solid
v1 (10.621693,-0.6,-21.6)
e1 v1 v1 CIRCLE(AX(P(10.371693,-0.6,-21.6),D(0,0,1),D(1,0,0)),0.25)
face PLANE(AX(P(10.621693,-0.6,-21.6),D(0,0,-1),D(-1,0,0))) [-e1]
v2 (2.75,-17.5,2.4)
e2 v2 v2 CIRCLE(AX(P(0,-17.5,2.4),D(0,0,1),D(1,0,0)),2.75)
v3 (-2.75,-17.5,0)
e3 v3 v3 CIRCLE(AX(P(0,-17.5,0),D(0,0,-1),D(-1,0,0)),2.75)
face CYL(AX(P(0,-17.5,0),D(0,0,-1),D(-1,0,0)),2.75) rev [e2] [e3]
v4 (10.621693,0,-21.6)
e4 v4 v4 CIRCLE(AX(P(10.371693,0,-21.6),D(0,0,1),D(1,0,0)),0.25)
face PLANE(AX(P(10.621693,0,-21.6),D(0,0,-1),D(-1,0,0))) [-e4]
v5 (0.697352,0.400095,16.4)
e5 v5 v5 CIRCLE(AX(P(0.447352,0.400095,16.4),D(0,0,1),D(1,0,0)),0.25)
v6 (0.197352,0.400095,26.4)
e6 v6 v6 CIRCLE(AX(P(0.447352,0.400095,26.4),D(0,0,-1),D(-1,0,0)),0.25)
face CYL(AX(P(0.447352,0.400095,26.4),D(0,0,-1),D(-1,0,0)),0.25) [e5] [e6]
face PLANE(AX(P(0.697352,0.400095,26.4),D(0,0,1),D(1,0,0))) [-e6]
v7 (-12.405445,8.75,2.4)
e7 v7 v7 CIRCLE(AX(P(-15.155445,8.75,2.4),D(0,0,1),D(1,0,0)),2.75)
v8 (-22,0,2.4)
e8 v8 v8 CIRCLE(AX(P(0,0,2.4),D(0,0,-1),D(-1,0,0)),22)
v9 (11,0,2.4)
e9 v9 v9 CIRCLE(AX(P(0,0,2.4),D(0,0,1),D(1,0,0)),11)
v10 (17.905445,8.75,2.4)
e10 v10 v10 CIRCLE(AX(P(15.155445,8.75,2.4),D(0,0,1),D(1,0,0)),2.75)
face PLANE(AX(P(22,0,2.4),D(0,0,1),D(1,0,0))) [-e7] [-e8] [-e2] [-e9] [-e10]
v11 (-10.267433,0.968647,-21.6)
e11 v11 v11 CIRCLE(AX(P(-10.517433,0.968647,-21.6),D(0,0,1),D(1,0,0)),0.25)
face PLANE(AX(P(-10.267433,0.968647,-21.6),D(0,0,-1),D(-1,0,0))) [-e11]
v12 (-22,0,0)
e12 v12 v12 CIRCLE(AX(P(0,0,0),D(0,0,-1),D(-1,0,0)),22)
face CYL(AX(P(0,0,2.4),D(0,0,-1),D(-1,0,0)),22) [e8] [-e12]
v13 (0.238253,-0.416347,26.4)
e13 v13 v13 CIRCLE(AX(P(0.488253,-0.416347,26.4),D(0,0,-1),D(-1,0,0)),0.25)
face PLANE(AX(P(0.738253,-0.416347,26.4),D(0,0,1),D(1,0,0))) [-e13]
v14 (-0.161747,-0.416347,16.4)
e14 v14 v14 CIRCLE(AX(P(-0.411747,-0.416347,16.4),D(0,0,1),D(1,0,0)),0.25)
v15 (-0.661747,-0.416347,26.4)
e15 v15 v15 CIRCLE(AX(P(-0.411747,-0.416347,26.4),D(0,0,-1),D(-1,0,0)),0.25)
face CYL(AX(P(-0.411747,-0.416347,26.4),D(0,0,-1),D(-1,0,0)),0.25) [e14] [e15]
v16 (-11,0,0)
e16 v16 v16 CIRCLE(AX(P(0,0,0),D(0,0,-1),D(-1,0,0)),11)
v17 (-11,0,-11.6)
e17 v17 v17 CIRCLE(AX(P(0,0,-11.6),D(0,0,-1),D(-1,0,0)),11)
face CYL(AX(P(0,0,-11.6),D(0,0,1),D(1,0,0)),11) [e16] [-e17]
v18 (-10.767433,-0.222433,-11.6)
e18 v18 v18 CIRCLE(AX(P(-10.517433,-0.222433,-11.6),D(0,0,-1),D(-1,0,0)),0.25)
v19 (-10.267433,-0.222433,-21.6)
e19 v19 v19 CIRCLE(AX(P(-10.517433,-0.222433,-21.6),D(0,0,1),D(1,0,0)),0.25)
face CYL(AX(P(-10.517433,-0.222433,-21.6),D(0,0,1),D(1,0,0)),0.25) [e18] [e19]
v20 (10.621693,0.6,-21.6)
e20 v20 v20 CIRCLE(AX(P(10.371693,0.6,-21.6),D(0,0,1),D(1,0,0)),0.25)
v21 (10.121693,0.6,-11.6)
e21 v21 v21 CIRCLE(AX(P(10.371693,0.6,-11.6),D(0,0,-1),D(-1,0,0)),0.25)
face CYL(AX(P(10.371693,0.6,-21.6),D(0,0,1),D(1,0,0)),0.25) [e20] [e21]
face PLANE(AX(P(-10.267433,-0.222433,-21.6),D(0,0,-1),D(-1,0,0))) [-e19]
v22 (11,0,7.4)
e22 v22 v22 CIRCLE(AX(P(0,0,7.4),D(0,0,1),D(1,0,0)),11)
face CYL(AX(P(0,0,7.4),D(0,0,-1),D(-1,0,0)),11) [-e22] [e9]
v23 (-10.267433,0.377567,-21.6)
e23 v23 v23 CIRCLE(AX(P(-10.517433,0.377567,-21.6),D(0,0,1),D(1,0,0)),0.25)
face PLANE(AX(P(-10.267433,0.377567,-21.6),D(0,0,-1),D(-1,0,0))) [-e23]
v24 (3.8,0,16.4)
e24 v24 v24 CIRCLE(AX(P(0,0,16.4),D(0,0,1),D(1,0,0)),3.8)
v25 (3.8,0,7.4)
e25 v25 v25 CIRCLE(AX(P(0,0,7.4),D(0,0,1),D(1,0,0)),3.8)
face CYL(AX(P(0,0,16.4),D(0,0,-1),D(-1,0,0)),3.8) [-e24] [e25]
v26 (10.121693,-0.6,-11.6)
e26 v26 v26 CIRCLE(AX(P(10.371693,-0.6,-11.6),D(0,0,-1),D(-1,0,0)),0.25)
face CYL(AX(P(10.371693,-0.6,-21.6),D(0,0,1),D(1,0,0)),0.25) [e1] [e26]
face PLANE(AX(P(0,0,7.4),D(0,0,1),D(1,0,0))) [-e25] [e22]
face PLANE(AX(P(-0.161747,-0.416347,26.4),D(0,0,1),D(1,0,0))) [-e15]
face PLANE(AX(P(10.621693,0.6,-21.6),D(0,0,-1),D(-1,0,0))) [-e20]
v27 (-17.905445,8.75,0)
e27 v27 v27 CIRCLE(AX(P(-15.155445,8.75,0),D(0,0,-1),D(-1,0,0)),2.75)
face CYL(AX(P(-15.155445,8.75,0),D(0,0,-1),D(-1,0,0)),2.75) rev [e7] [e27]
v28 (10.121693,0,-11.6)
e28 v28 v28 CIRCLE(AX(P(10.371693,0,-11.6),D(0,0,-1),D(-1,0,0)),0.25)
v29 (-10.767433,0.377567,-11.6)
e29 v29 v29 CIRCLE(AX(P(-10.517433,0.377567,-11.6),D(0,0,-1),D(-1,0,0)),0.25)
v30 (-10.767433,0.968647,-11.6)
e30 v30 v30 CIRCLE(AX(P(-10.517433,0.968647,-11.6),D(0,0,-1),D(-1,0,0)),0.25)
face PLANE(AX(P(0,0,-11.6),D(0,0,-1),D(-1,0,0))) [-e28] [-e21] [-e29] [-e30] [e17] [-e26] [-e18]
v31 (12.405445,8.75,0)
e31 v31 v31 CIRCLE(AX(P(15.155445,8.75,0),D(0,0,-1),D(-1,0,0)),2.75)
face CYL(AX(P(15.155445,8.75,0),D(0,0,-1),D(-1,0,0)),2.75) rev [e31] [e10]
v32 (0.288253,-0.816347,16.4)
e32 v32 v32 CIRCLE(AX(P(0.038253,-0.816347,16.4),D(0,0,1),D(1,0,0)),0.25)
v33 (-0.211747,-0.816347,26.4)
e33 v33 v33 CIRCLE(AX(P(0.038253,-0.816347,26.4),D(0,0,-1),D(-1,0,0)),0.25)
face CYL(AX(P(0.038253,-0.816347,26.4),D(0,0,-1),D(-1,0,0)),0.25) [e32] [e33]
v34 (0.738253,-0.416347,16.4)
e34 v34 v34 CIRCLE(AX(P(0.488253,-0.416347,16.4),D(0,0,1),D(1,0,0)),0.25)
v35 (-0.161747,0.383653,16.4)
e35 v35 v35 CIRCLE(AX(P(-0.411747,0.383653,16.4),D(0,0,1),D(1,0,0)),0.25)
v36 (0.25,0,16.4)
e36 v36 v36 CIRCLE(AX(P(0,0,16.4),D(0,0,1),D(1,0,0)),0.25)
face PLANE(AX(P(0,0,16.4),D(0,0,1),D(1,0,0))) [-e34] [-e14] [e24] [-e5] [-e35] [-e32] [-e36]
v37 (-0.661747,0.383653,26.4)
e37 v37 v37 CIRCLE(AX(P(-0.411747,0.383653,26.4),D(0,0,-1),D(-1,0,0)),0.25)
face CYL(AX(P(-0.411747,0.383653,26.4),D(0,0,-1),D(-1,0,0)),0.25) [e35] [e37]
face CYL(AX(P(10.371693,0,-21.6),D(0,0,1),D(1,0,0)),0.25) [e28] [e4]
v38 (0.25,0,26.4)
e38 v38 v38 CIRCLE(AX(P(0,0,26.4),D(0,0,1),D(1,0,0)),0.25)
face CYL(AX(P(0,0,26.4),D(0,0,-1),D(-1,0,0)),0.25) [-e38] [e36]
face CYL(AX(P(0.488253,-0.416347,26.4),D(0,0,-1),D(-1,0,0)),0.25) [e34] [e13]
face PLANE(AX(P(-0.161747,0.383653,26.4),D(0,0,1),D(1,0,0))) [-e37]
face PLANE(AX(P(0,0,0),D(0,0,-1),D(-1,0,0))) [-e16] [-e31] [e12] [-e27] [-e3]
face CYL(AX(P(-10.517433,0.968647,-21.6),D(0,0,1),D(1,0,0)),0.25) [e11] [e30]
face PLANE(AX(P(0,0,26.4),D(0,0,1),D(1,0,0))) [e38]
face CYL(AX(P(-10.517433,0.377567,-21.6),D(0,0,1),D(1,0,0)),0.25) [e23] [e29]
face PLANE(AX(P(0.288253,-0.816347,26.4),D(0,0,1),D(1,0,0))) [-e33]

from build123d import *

# Parameters (mm, degrees)
SKETCH1_W                      = 22
SKETCH1_H                      = 2.4
SKETCH2_R                      = 11
BOSS_EXTRUDE1_DEPTH            = 5
SKETCH3_R                      = 3.8
BOSS_EXTRUDE2_DEPTH            = 9
SKETCH4_R                      = 0.25
BOSS_EXTRUDE3_DEPTH            = 10
SKETCH5_R                      = 11
BOSS_EXTRUDE4_DEPTH            = 11.6
SKETCH6_W                      = 0.25
SKETCH6_H                      = 10
SKETCH7_W                      = 0.25
SKETCH7_H                      = 10
SKETCH8_W                      = 0.25
SKETCH8_H                      = 10
SKETCH9_W                      = 0.25
SKETCH9_H                      = 10
SKETCH10_W                     = 0.25
SKETCH10_H                     = 10
SKETCH11_W                     = 0.25
SKETCH11_H                     = 10
SKETCH12_W                     = 0.25
SKETCH12_H                     = 10
SKETCH13_W                     = 0.25
SKETCH13_H                     = 10
SKETCH14_W                     = 0.25
SKETCH14_H                     = 10
SKETCH15_W                     = 0.25
SKETCH15_H                     = 10
SKETCH16_W                     = 0.25
SKETCH16_H                     = 10
F_5_5_5_5_DIAMETER_HOLE1_D     = 5.5
F_5_5_5_5_DIAMETER_HOLE1_DEPTH = 26.4


with BuildPart() as part:
    # Sketch1 → Revolve1 (revolve)
    with BuildSketch(Plane.XZ):
        with Locations((11, 1.2)):
            Rectangle(SKETCH1_W, SKETCH1_H)
    revolve(axis=Axis((0, 0, 2.4), (0, 0, -1)))

    # Sketch2 → Boss-Extrude1 (add)
    with BuildSketch(Plane.XY.offset(2.4)):
        Circle(SKETCH2_R)
    extrude(amount=BOSS_EXTRUDE1_DEPTH)

    # Sketch3 → Boss-Extrude2 (add)
    with BuildSketch(Plane.XY.offset(7.4)):
        Circle(SKETCH3_R)
    extrude(amount=BOSS_EXTRUDE2_DEPTH)

    # Sketch4 → Boss-Extrude3 (add)
    with BuildSketch(Plane.XY.offset(16.4)):
        Circle(SKETCH4_R)
    extrude(amount=BOSS_EXTRUDE3_DEPTH)

    # Sketch5 → Boss-Extrude4 (add)
    with BuildSketch(Plane(origin=(0, 0, 0), x_dir=(-1, 0, 0), z_dir=(0, 0, -1))):
        Circle(SKETCH5_R)
    extrude(amount=BOSS_EXTRUDE4_DEPTH)

    # Sketch6 → Revolve2 (revolve)
    with BuildSketch(Plane.XZ.offset(0.816347149)):
        with Locations((0.163253006, 21.4)):
            Rectangle(SKETCH6_W, SKETCH6_H)
    revolve(axis=Axis((0.038253006, -0.816347149, 26.4), (0, 0, -1)))

    # Sketch7 → Revolve3 (revolve)
    with BuildSketch(Plane.XZ.offset(0.416347149)):
        with Locations((0.613253006, 21.4)):
            Rectangle(SKETCH7_W, SKETCH7_H)
    revolve(axis=Axis((0.488253006, -0.416347149, 26.4), (0, 0, -1)))

    # Sketch8 → Revolve4 (revolve)
    with BuildSketch(Plane.XZ.offset(-0.383652851)):
        with Locations((-0.286746994, 21.4)):
            Rectangle(SKETCH8_W, SKETCH8_H)
    revolve(axis=Axis((-0.411746994, 0.383652851, 26.4), (0, 0, -1)))

    # Sketch9 → Revolve5 (revolve)
    with BuildSketch(Plane.XZ.offset(-0.400094572)):
        with Locations((0.572352369, 21.4)):
            Rectangle(SKETCH9_W, SKETCH9_H)
    revolve(axis=Axis((0.447352369, 0.400094572, 26.4), (0, 0, -1)))

    # Sketch10 → Revolve6 (revolve)
    with BuildSketch(Plane(origin=(0, -0.222432877, 0), x_dir=(1, 0, 0), z_dir=(0, 1, 0))):
        with Locations((-10.392433295, 16.6)):
            Rectangle(SKETCH10_W, SKETCH10_H)
    revolve(axis=Axis((-10.517433295, -0.222432877, -21.6), (0, 0, 1)))

    # Sketch11 → Revolve7 (revolve)
    with BuildSketch(Plane(origin=(0, 0.377567123, 0), x_dir=(1, 0, 0), z_dir=(0, 1, 0))):
        with Locations((-10.392433295, 16.6)):
            Rectangle(SKETCH11_W, SKETCH11_H)
    revolve(axis=Axis((-10.517433295, 0.377567123, -21.6), (0, 0, 1)))

    # Sketch12 → Revolve8 (revolve)
    with BuildSketch(Plane(origin=(0, 0.6, 0), x_dir=(1, 0, 0), z_dir=(0, 1, 0))):
        with Locations((10.496693215, 16.6)):
            Rectangle(SKETCH12_W, SKETCH12_H)
    revolve(axis=Axis((10.371693215, 0.6, -21.6), (0, 0, 1)))

    # Sketch13 → Revolve9 (revolve)
    with BuildSketch(Plane(origin=(0, 0, 0), x_dir=(1, 0, 0), z_dir=(0, 1, 0))):
        with Locations((10.496693215, 16.6)):
            Rectangle(SKETCH13_W, SKETCH13_H)
    revolve(axis=Axis((10.371693215, 0, -21.6), (0, 0, 1)))

    # Sketch14 → Revolve10 (revolve)
    with BuildSketch(Plane(origin=(0, -0.6, 0), x_dir=(1, 0, 0), z_dir=(0, 1, 0))):
        with Locations((10.496693215, 16.6)):
            Rectangle(SKETCH14_W, SKETCH14_H)
    revolve(axis=Axis((10.371693215, -0.6, -21.6), (0, 0, 1)))

    # Sketch15 → Revolve11 (revolve)
    with BuildSketch(Plane(origin=(0, 0.968647222, 0), x_dir=(1, 0, 0), z_dir=(0, 1, 0))):
        with Locations((-10.392433295, 16.6)):
            Rectangle(SKETCH15_W, SKETCH15_H)
    revolve(axis=Axis((-10.517433295, 0.968647222, -21.6), (0, 0, 1)))

    # Sketch16 → Revolve12 (revolve)
    with BuildSketch(Plane.XZ.offset(0.416347149)):
        with Locations((-0.286746994, 21.4)):
            Rectangle(SKETCH16_W, SKETCH16_H)
    revolve(axis=Axis((-0.411746994, -0.416347149, 26.4), (0, 0, -1)))

    # Ø5.5 (5.5) Diameter Hole1
    with Locations(Plane(origin=(0, 0, 0), x_dir=(-1, 0, 0), z_dir=(0, 0, -1))):
        with Locations((-15.155444566, 8.75), (15.155444566, 8.75), (0, -17.5)):
            Hole(F_5_5_5_5_DIAMETER_HOLE1_D / 2, depth=F_5_5_5_5_DIAMETER_HOLE1_DEPTH)


solid = part.part
